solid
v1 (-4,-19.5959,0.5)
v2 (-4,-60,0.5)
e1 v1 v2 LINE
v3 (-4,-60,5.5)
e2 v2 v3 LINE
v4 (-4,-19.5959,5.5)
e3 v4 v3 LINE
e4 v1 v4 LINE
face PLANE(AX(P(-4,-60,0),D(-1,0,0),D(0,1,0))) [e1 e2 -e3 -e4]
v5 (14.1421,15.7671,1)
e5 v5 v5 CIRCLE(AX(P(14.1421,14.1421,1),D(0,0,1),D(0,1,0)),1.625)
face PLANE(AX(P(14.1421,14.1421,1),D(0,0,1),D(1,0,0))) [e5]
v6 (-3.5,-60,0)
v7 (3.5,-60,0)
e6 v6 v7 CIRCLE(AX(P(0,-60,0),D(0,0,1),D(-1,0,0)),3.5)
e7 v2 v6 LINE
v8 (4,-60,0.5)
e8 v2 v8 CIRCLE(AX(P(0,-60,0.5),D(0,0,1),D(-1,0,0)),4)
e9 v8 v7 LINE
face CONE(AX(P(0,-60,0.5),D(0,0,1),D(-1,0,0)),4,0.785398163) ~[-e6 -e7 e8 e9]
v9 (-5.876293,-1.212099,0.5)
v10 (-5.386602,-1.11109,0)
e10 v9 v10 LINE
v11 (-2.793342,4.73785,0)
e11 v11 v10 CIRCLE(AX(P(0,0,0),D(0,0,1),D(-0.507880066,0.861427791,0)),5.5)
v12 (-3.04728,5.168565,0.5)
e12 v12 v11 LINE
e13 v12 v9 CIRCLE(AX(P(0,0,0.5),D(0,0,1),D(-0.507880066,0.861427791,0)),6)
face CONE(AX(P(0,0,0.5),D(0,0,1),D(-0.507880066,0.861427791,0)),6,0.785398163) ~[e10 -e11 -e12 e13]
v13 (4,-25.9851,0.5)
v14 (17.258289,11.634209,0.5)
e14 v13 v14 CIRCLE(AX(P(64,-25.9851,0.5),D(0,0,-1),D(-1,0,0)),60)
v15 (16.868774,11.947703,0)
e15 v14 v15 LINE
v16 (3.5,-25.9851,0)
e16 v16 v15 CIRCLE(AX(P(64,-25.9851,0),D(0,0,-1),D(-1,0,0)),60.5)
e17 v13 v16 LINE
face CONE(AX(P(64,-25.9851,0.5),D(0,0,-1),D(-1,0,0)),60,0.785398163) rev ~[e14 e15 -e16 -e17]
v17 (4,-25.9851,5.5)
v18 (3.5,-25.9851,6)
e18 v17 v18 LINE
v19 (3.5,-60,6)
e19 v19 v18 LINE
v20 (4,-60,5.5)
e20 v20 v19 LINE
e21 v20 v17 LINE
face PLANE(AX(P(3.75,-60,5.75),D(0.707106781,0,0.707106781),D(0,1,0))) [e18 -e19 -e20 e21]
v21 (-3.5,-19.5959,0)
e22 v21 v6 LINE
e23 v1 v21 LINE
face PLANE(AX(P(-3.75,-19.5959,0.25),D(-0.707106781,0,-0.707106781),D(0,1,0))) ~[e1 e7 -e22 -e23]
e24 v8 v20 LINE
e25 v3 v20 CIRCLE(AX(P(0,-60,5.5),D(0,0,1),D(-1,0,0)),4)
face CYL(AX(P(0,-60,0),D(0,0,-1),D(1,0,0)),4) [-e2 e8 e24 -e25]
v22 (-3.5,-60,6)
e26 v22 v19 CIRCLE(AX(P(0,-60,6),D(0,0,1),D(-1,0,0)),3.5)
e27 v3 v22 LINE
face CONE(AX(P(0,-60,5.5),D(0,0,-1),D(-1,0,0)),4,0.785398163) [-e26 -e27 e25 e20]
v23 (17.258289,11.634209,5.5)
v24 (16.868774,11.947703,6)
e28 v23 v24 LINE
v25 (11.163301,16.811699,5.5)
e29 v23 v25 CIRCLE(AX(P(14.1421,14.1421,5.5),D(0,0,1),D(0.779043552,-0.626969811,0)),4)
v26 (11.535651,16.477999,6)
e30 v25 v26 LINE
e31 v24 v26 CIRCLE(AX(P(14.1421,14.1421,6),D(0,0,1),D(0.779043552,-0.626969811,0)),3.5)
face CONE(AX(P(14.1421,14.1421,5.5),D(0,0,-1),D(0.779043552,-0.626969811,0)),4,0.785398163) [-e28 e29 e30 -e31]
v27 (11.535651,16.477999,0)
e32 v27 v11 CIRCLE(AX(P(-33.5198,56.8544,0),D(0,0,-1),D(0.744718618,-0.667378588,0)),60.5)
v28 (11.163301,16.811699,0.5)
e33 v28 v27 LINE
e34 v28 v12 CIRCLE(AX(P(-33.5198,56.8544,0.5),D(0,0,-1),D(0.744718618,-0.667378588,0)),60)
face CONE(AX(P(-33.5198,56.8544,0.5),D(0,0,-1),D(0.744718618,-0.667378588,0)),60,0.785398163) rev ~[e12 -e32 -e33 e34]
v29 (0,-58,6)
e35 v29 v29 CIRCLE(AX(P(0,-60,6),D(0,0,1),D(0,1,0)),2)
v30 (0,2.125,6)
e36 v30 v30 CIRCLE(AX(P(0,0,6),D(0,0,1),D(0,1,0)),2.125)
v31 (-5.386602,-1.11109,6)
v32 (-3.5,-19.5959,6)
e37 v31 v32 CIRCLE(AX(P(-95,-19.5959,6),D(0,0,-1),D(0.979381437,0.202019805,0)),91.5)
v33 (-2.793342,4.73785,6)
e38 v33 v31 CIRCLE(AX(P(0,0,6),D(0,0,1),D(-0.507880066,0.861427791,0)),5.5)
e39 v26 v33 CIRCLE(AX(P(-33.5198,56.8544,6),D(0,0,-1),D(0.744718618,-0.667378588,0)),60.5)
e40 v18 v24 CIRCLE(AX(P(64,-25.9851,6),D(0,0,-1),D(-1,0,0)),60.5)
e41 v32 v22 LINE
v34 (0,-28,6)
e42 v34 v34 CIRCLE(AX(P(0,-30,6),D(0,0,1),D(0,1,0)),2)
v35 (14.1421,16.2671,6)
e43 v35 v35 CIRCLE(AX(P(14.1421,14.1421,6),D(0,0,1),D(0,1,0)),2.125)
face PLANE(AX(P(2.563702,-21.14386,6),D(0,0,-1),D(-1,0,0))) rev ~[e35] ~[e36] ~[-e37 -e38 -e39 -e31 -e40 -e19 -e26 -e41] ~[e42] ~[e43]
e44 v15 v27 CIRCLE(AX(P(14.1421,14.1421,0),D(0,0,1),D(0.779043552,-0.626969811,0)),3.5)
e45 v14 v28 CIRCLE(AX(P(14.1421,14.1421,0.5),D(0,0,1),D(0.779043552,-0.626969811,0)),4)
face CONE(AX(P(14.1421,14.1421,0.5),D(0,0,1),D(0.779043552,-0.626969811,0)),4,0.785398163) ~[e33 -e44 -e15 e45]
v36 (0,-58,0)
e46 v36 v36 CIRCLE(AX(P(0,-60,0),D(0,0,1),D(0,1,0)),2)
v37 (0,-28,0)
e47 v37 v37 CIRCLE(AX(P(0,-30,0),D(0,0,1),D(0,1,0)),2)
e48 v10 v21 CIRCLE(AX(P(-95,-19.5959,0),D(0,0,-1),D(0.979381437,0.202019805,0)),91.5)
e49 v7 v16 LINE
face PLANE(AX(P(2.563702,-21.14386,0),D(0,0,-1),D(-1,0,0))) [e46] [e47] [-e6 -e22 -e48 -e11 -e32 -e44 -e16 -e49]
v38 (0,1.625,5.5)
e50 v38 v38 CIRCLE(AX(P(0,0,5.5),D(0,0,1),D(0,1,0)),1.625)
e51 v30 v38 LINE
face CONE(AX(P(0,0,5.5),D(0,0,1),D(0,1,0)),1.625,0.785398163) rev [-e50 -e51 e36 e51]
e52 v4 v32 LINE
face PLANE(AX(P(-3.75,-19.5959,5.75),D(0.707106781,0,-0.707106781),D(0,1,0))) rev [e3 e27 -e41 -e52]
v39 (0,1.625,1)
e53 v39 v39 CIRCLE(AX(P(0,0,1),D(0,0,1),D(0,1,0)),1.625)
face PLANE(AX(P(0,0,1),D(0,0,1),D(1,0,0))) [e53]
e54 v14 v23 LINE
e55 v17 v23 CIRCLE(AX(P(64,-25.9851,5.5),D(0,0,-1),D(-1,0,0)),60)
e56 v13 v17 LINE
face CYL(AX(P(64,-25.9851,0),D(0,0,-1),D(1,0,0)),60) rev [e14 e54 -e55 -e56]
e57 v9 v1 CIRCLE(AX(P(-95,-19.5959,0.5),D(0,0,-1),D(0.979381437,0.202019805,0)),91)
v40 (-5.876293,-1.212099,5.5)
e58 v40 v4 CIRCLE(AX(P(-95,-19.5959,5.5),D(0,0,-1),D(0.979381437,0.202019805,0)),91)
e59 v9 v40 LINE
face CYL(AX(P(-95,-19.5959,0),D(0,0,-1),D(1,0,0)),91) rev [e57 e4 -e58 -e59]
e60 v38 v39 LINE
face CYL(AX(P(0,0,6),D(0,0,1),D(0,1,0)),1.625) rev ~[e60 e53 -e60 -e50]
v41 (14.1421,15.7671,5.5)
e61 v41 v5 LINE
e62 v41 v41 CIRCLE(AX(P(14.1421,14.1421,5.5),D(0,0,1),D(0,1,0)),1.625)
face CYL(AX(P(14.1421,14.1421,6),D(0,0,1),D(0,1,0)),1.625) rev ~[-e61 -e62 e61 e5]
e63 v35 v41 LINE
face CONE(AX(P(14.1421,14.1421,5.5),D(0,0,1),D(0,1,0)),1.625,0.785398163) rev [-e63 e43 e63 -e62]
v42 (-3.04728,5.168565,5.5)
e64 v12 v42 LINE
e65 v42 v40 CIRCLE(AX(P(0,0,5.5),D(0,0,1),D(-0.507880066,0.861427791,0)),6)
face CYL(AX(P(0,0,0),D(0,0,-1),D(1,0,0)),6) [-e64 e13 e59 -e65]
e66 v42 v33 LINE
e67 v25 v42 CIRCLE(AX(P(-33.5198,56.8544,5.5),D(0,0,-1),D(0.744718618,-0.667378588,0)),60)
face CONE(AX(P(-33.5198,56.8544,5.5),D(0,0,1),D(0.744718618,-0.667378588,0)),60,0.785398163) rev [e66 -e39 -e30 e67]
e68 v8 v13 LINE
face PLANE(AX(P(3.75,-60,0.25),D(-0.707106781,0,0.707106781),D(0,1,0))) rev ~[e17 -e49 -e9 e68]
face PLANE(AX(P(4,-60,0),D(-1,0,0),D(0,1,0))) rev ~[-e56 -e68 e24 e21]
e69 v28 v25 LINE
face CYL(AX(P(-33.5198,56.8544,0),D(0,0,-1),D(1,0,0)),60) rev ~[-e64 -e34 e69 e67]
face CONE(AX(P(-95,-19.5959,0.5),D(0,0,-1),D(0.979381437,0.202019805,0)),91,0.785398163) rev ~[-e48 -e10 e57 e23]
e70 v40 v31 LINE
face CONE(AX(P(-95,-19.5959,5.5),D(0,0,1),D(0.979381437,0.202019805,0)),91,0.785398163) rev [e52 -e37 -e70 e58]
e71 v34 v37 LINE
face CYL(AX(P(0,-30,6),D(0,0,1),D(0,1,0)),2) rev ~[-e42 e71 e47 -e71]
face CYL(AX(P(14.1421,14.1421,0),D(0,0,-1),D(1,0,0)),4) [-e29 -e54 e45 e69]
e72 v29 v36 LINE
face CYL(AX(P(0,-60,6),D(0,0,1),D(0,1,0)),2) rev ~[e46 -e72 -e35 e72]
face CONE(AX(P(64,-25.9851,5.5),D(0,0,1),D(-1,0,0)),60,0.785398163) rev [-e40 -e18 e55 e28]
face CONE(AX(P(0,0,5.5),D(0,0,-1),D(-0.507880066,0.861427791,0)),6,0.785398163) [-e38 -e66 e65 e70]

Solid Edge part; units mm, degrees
sketch "Sketch1" plane through (0, 0, 0) normal (0, 0, 1) x (1, 0, 0)
  arc A0 (17.2583, 11.6342) -> (4, -25.9851) centre (64, -25.9851) ccw
  line L0 (4, -60) -> (4, -25.9851)
  line L1 (-4, -60) -> (-4, -19.5959)
  arc A1 (-4, -19.5959) -> (-5.8763, -1.2121) centre (-95, -19.5959) ccw
  arc A2 (11.1633, 16.8117) -> (-3.0473, 5.1686) centre (-33.5198, 56.8544) cw
  arc A3 (4, -60) -> (-4, -60) centre (0, -60) cw
  arc A4 (-5.8763, -1.2121) -> (-3.0473, 5.1686) centre (0, 0) cw
  arc A5 (11.1633, 16.8117) -> (17.2583, 11.6342) centre (14.1421, 14.1421) cw
extrude "Protrusion1" add sketch "Sketch1" along normal blind 6
sketch "Sketch2" plane through (7.8388, -21.1612, 6) normal (0, 0, 1) x (0, 1, 0)
  circle A0 centre (21.1612, 7.8388) radius 1.625
  circle A1 centre (35.3033, -6.3033) radius 1.625
  dimension "D1" = 3.25
  dimension "D2" = 3.25
extrude "VaciadoExtruido_1" cut sketch "Sketch2" against normal blind 5
sketch "Sketch3" plane through (7.8388, -21.1612, 6) normal (0, 0, 1) x (0, 1, 0)
  circle A0 centre (-38.8388, 7.8388) radius 2
  circle A1 centre (-8.8388, 7.8388) radius 2
  dimension "D1" = 4
  dimension "D2" = 4
  dimension "D3" = 30
extrude "Cutout1" cut sketch "Sketch3" against normal through all
chamfer "Chaflán_1" distance 0.5 angle 45 18 edges at (4, -42.9925, 6) (0, -64, 6) (-4, -39.798, 6) (-4.4703, -10.3563, 6) (-5.485, 2.4319, 6) (4.5063, 10.443, 6) (16.7318, 17.1907, 6) (7.4116, -6.0415, 6) (4, -42.9925, 0) (0, -64, 0) (-4, -39.798, 0) (-4.4703, -10.3563, 0) (-5.485, 2.4319, 0) (4.5063, 10.443, 0) (16.7318, 17.1907, 0) (7.4116, -6.0415, 0) (0, -1.625, 6) (14.1421, 12.5171, 6)
